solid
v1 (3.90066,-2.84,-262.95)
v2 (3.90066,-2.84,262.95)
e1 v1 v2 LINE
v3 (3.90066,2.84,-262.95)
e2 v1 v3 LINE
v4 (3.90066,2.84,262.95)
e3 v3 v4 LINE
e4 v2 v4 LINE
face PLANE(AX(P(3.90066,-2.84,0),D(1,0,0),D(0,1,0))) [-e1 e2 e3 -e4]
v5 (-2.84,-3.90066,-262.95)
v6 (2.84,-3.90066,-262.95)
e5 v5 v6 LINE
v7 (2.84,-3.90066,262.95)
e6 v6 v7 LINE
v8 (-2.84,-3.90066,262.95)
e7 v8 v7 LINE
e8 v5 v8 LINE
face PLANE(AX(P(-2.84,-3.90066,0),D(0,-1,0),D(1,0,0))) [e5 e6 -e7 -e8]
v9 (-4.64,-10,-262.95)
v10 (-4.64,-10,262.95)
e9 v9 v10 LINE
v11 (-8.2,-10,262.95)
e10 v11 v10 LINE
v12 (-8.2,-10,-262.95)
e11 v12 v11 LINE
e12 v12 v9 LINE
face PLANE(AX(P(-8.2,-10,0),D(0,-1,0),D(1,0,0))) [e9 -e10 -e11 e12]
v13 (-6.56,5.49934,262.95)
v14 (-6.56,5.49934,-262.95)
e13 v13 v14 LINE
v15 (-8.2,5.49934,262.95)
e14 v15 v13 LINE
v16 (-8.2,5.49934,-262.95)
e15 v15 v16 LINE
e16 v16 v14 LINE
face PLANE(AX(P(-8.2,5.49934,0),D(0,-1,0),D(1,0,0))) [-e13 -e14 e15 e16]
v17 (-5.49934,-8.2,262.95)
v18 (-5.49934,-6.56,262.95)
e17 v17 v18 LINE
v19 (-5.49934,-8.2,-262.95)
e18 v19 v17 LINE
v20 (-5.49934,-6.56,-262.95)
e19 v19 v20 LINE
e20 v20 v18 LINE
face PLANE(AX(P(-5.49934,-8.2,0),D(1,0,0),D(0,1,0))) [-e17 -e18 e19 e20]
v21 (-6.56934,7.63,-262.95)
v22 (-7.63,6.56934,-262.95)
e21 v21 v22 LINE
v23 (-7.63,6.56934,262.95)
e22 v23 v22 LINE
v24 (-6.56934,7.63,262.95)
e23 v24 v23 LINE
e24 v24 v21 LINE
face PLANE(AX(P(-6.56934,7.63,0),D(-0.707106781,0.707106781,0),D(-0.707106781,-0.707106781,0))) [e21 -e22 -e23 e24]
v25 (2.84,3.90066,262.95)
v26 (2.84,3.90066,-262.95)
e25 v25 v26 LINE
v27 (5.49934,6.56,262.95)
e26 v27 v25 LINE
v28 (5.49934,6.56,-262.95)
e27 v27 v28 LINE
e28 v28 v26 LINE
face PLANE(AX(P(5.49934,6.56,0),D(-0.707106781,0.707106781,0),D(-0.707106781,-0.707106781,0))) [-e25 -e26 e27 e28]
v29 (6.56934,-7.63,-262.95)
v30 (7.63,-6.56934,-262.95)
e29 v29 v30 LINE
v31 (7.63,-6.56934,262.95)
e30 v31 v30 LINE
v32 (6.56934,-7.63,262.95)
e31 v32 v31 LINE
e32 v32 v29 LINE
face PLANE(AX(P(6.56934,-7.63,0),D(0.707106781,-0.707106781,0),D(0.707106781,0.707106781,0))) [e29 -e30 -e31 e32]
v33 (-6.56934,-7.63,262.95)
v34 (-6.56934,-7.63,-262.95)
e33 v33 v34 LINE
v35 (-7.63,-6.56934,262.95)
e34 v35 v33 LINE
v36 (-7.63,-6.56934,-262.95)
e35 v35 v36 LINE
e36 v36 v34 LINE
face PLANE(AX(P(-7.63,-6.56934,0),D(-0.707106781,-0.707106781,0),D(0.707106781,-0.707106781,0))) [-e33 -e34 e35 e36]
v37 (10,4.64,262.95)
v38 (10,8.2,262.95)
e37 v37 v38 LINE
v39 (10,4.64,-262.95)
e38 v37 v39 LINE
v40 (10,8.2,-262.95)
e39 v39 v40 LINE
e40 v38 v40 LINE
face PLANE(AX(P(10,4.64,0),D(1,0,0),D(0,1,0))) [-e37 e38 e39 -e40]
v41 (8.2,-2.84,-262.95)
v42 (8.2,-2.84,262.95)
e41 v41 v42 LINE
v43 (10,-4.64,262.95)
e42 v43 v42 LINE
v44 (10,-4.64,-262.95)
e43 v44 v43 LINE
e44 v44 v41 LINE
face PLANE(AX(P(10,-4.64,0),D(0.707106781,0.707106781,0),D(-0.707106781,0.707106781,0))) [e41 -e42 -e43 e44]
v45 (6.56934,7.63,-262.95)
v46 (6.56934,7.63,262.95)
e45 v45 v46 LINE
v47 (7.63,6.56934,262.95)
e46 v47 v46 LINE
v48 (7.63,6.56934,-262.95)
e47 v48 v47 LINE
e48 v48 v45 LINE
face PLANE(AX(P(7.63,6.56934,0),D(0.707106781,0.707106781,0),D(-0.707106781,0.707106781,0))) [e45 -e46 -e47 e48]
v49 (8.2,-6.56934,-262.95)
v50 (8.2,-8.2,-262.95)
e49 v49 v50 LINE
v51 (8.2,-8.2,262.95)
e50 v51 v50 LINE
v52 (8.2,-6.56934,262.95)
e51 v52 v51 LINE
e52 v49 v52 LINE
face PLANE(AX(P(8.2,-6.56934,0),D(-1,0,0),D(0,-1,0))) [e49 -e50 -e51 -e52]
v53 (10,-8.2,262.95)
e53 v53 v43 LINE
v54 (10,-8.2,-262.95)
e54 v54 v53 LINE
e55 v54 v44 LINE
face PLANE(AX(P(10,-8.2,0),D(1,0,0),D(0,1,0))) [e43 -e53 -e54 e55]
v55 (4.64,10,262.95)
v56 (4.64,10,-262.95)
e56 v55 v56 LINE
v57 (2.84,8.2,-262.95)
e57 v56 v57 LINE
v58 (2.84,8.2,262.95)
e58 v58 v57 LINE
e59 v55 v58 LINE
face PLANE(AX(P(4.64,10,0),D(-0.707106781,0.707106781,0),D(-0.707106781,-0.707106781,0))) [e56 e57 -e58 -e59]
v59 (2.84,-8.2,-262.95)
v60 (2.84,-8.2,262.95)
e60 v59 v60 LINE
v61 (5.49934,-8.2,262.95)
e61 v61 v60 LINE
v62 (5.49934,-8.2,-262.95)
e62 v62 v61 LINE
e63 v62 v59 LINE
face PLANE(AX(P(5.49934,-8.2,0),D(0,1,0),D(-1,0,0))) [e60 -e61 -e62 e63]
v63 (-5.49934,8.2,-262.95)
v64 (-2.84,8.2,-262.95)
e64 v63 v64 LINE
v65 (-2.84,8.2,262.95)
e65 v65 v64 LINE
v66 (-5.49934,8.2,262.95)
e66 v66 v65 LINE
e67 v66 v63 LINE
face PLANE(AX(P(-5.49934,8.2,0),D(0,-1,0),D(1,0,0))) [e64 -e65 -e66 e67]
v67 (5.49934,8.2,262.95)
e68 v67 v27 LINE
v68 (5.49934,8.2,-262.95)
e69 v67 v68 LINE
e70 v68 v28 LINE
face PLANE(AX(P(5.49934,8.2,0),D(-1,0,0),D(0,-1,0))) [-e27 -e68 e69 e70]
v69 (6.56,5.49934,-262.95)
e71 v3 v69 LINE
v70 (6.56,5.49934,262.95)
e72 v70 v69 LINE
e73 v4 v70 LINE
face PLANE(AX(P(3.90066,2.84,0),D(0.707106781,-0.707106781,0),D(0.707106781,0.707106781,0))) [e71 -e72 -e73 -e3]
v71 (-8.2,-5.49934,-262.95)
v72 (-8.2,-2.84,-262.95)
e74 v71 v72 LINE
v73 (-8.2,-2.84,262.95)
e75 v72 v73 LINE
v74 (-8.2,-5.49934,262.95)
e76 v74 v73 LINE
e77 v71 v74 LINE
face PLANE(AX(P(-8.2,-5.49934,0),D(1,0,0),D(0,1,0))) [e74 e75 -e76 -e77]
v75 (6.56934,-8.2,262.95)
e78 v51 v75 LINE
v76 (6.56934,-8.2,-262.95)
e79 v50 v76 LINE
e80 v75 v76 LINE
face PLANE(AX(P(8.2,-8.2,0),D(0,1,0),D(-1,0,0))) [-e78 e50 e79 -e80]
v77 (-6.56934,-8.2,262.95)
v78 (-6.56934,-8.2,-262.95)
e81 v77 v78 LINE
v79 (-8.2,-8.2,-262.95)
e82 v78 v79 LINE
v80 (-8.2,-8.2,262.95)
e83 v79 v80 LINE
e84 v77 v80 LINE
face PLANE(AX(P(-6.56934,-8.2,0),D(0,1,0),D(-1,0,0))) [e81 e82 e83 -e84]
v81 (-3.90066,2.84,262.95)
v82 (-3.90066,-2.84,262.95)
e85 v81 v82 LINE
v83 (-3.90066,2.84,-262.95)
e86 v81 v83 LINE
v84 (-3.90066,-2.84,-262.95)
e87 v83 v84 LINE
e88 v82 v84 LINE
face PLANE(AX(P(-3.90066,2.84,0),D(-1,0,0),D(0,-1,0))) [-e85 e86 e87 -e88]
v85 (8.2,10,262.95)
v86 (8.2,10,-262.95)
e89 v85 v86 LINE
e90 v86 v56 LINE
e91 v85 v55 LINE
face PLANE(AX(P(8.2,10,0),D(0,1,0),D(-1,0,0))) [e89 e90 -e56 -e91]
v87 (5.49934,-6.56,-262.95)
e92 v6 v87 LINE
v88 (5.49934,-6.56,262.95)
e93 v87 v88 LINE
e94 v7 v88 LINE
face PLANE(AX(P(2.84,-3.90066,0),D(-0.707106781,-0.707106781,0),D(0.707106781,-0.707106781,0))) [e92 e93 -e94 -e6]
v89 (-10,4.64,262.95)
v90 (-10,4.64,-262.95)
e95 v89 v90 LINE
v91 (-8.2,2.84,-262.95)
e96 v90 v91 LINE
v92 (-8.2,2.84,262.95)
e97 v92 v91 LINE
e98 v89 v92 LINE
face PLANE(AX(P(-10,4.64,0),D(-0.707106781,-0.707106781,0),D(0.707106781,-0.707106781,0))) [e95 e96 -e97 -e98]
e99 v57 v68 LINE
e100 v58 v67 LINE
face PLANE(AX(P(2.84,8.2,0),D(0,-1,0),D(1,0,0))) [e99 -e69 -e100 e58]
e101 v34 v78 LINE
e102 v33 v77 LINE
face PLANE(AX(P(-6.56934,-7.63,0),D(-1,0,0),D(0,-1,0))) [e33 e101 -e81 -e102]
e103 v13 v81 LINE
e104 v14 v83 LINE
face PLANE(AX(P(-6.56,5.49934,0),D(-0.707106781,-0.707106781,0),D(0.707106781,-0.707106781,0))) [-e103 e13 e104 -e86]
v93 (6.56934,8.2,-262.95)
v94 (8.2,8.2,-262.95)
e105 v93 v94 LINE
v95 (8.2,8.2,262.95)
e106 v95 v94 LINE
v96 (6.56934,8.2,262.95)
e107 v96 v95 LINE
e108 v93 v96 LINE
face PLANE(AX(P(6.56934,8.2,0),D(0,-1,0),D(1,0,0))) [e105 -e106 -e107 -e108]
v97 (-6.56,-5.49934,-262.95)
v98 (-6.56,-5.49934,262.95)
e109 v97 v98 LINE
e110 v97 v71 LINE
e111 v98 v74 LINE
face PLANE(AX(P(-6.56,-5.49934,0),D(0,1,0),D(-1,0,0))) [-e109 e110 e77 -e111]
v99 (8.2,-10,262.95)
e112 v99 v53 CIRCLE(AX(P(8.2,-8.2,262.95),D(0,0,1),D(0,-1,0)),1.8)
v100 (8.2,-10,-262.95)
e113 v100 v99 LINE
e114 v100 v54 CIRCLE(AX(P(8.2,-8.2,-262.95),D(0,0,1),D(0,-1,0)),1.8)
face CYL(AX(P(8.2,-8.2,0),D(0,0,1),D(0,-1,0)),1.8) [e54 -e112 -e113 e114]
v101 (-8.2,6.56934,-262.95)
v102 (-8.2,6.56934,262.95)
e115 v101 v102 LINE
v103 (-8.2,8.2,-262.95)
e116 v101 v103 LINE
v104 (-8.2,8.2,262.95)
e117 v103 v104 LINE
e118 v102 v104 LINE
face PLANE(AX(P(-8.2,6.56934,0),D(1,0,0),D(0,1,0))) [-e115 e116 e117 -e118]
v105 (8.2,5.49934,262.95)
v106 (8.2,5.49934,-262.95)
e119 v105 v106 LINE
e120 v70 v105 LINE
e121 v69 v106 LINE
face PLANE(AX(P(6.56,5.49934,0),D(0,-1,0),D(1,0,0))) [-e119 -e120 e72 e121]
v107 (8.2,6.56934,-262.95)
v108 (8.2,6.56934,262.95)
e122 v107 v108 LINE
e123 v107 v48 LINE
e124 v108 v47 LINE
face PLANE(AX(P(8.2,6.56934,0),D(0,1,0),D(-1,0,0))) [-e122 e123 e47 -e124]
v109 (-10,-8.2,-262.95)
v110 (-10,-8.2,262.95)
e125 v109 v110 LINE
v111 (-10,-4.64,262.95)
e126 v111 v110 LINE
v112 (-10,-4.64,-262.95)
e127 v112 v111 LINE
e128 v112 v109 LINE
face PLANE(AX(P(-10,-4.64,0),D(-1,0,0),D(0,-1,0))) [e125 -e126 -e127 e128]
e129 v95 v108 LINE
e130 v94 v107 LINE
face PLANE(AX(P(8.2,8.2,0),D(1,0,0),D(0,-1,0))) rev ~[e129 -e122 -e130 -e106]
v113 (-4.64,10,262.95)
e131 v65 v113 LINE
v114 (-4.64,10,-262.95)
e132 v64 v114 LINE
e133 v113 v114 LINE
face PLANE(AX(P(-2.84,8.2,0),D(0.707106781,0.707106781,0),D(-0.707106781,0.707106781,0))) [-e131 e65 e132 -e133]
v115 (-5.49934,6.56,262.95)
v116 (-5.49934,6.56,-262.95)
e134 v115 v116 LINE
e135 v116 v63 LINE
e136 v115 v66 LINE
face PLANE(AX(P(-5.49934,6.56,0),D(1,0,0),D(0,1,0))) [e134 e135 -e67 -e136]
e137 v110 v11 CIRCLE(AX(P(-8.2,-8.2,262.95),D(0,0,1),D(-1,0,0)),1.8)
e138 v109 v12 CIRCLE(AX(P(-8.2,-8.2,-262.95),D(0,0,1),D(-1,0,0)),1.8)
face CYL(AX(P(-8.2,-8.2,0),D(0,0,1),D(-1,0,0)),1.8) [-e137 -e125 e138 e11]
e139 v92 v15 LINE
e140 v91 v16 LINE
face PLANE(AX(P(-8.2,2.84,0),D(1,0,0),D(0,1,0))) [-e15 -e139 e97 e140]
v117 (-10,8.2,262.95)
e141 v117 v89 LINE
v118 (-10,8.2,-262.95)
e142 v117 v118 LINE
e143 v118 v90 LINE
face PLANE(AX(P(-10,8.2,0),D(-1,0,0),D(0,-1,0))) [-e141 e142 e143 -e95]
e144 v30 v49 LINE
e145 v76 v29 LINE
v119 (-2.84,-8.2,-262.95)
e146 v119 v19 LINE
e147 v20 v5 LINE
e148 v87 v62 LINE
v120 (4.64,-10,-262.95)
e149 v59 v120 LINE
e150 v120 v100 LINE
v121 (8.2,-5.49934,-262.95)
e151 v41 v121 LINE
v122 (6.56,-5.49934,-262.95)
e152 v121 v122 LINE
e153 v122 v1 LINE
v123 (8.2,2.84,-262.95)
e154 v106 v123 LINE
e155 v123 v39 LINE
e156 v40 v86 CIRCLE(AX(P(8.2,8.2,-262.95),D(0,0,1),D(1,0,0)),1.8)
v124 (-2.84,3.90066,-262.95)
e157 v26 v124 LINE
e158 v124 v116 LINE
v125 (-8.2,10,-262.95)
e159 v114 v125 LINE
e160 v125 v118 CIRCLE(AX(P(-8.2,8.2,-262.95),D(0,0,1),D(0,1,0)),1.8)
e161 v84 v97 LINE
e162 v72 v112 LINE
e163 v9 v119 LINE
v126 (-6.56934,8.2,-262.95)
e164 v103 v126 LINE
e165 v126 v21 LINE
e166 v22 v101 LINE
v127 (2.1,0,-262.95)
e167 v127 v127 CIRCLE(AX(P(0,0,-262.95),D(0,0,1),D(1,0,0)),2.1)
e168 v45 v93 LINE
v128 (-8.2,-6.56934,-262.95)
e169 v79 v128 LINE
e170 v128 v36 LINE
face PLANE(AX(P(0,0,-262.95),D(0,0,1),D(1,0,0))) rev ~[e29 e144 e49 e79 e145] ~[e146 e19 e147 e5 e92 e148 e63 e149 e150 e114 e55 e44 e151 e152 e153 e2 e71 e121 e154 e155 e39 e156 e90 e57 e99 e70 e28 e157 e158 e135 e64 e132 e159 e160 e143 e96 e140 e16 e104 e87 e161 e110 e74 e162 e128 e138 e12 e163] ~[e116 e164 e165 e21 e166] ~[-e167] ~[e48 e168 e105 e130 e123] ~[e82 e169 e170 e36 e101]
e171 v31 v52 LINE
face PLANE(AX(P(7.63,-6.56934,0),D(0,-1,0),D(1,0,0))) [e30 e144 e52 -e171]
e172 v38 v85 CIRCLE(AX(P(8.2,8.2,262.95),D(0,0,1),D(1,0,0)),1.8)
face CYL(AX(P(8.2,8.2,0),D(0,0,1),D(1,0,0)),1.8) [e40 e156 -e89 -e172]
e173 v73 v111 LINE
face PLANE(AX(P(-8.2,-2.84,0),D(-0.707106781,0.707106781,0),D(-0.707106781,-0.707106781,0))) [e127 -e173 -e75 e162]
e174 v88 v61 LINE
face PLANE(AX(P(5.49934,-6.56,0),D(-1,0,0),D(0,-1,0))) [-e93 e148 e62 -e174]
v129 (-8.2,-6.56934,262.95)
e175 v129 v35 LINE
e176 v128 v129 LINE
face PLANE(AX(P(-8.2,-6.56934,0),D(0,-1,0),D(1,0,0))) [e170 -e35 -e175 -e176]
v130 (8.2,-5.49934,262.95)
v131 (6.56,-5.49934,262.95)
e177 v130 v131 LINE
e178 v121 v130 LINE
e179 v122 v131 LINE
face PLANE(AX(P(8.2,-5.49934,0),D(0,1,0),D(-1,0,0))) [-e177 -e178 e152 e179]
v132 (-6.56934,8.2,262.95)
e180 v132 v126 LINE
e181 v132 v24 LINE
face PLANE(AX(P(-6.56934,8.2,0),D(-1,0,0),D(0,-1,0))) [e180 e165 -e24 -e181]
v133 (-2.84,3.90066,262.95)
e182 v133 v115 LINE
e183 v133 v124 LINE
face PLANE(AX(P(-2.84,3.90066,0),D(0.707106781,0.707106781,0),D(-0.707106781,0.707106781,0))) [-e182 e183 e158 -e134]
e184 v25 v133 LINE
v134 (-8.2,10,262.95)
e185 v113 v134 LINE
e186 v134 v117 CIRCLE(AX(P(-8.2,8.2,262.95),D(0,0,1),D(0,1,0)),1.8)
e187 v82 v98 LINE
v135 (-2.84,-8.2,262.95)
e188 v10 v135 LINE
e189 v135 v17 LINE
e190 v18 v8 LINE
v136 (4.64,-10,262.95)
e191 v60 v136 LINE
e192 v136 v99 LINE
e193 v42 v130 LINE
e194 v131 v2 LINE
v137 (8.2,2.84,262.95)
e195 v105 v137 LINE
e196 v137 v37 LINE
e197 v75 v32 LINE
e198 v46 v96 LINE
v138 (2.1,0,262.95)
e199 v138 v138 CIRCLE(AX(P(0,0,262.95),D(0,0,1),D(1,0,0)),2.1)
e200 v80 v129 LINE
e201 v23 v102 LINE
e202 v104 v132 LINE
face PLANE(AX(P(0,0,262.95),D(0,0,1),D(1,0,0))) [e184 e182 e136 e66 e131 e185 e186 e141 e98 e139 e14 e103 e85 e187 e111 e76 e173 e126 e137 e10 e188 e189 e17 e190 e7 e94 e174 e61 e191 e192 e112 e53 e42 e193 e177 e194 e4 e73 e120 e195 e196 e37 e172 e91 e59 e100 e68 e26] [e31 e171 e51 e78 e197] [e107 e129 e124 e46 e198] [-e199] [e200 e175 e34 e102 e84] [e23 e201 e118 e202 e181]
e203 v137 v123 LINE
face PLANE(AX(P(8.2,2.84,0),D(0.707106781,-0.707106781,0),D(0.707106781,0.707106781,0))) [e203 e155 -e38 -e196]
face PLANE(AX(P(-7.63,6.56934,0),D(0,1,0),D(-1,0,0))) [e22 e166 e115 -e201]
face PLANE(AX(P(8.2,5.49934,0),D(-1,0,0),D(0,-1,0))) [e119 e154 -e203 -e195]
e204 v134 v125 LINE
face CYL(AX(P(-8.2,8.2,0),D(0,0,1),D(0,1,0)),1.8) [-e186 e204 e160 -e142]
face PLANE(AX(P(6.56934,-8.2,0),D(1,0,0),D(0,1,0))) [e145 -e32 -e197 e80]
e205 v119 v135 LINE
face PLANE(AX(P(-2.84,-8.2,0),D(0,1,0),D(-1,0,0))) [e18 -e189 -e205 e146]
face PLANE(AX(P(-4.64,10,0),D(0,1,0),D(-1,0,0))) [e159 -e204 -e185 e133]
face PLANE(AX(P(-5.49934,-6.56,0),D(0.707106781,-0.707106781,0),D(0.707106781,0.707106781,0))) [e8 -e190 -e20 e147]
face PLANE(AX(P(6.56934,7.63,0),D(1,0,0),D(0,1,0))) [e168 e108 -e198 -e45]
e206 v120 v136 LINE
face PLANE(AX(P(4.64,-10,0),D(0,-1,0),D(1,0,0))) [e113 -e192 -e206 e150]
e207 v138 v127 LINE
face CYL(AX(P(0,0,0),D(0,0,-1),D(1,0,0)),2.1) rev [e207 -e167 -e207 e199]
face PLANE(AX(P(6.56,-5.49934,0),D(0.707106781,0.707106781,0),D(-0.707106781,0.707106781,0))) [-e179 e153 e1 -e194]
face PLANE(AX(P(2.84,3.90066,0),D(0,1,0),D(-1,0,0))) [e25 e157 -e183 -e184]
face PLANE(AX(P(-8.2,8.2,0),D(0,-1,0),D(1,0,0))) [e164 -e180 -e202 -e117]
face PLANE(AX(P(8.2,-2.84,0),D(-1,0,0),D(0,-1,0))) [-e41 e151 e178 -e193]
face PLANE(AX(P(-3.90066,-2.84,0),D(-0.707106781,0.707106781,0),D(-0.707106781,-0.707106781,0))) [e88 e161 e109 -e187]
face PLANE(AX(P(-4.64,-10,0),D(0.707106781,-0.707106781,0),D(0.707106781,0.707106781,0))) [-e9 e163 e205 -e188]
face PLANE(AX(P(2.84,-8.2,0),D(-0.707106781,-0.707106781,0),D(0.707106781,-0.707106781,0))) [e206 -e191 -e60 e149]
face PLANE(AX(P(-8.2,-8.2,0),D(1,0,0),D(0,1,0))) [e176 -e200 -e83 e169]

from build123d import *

# Parameters (mm, degrees)
SKETCH1_R      = 2.1
EXTRUDE1_DEPTH = 262.95


with BuildPart() as part:
    # Sketch1 → Extrude1 (new, symmetric)
    with BuildSketch(Plane.XY):
        with BuildLine():
            Line((-3.900660172, 0), (-3.900660172, -2.84))
            Line((-3.900660172, -2.84), (-6.56, -5.499339828))
            Line((-6.56, -5.499339828), (-8.2, -5.499339828))
            Line((-8.2, -5.499339828), (-8.2, -2.84))
            Line((-8.2, -2.84), (-10, -4.64))
            Line((-10, -4.64), (-10, -8.2))
            ThreePointArc((-10, -8.2), (-9.472792206, -9.472792206), (-8.2, -10))
            Line((-8.2, -10), (-4.64, -10))
            Line((-4.64, -10), (-2.84, -8.2))
            Line((-2.84, -8.2), (-5.499339828, -8.2))
            Line((-5.499339828, -8.2), (-5.499339828, -6.56))
            Line((-5.499339828, -6.56), (-2.84, -3.900660172))
            Line((-2.84, -3.900660172), (0, -3.900660172))
            Line((0, -3.900660172), (2.84, -3.900660172))
            Line((2.84, -3.900660172), (5.499339828, -6.56))
            Line((5.499339828, -6.56), (5.499339828, -8.2))
            Line((5.499339828, -8.2), (2.84, -8.2))
            Line((2.84, -8.2), (4.64, -10))
            Line((4.64, -10), (8.2, -10))
            ThreePointArc((8.2, -10), (9.472792206, -9.472792206), (10, -8.2))
            Line((10, -8.2), (10, -4.64))
            Line((10, -4.64), (8.2, -2.84))
            Line((8.2, -2.84), (8.2, -5.499339828))
            Line((8.2, -5.499339828), (6.56, -5.499339828))
            Line((6.56, -5.499339828), (3.900660172, -2.84))
            Line((3.900660172, -2.84), (3.900660172, 0))
            Line((3.900660172, 0), (3.900660172, 2.84))
            Line((3.900660172, 2.84), (6.56, 5.499339828))
            Line((6.56, 5.499339828), (8.2, 5.499339828))
            Line((8.2, 5.499339828), (8.2, 2.84))
            Line((8.2, 2.84), (10, 4.64))
            Line((10, 4.64), (10, 8.2))
            ThreePointArc((10, 8.2), (9.472792206, 9.472792206), (8.2, 10))
            Line((8.2, 10), (4.64, 10))
            Line((4.64, 10), (2.84, 8.2))
            Line((2.84, 8.2), (5.499339828, 8.2))
            Line((5.499339828, 8.2), (5.499339828, 6.56))
            Line((5.499339828, 6.56), (2.84, 3.900660172))
            Line((2.84, 3.900660172), (0, 3.900660172))
            Line((0, 3.900660172), (-2.84, 3.900660172))
            Line((-2.84, 3.900660172), (-5.499339828, 6.56))
            Line((-5.499339828, 6.56), (-5.499339828, 8.2))
            Line((-5.499339828, 8.2), (-2.84, 8.2))
            Line((-2.84, 8.2), (-4.64, 10))
            Line((-4.64, 10), (-8.2, 10))
            ThreePointArc((-8.2, 10), (-9.472792206, 9.472792206), (-10, 8.2))
            Line((-10, 8.2), (-10, 4.64))
            Line((-10, 4.64), (-8.2, 2.84))
            Line((-8.2, 2.84), (-8.2, 5.499339828))
            Line((-8.2, 5.499339828), (-6.56, 5.499339828))
            Line((-6.56, 5.499339828), (-3.900660172, 2.84))
            Line((-3.900660172, 2.84), (-3.900660172, 0))
        make_face()
        Circle(SKETCH1_R, mode=Mode.SUBTRACT)
        Polygon((-8.2, -8.2), (-8.2, -6.569339828), (-7.63, -6.569339828), (-6.569339828, -7.63), (-6.569339828, -8.2), align=None, mode=Mode.SUBTRACT)
        Polygon((-8.2, 6.569339828), (-8.2, 8.2), (-6.569339828, 8.2), (-6.569339828, 7.63), (-7.63, 6.569339828), align=None, mode=Mode.SUBTRACT)
        Polygon((6.569339828, 8.2), (8.2, 8.2), (8.2, 6.569339828), (7.63, 6.569339828), (6.569339828, 7.63), align=None, mode=Mode.SUBTRACT)
        Polygon((8.2, -6.569339828), (8.2, -8.2), (6.569339828, -8.2), (6.569339828, -7.63), (7.63, -6.569339828), align=None, mode=Mode.SUBTRACT)
    extrude(amount=EXTRUDE1_DEPTH, both=True)


solid = part.part
